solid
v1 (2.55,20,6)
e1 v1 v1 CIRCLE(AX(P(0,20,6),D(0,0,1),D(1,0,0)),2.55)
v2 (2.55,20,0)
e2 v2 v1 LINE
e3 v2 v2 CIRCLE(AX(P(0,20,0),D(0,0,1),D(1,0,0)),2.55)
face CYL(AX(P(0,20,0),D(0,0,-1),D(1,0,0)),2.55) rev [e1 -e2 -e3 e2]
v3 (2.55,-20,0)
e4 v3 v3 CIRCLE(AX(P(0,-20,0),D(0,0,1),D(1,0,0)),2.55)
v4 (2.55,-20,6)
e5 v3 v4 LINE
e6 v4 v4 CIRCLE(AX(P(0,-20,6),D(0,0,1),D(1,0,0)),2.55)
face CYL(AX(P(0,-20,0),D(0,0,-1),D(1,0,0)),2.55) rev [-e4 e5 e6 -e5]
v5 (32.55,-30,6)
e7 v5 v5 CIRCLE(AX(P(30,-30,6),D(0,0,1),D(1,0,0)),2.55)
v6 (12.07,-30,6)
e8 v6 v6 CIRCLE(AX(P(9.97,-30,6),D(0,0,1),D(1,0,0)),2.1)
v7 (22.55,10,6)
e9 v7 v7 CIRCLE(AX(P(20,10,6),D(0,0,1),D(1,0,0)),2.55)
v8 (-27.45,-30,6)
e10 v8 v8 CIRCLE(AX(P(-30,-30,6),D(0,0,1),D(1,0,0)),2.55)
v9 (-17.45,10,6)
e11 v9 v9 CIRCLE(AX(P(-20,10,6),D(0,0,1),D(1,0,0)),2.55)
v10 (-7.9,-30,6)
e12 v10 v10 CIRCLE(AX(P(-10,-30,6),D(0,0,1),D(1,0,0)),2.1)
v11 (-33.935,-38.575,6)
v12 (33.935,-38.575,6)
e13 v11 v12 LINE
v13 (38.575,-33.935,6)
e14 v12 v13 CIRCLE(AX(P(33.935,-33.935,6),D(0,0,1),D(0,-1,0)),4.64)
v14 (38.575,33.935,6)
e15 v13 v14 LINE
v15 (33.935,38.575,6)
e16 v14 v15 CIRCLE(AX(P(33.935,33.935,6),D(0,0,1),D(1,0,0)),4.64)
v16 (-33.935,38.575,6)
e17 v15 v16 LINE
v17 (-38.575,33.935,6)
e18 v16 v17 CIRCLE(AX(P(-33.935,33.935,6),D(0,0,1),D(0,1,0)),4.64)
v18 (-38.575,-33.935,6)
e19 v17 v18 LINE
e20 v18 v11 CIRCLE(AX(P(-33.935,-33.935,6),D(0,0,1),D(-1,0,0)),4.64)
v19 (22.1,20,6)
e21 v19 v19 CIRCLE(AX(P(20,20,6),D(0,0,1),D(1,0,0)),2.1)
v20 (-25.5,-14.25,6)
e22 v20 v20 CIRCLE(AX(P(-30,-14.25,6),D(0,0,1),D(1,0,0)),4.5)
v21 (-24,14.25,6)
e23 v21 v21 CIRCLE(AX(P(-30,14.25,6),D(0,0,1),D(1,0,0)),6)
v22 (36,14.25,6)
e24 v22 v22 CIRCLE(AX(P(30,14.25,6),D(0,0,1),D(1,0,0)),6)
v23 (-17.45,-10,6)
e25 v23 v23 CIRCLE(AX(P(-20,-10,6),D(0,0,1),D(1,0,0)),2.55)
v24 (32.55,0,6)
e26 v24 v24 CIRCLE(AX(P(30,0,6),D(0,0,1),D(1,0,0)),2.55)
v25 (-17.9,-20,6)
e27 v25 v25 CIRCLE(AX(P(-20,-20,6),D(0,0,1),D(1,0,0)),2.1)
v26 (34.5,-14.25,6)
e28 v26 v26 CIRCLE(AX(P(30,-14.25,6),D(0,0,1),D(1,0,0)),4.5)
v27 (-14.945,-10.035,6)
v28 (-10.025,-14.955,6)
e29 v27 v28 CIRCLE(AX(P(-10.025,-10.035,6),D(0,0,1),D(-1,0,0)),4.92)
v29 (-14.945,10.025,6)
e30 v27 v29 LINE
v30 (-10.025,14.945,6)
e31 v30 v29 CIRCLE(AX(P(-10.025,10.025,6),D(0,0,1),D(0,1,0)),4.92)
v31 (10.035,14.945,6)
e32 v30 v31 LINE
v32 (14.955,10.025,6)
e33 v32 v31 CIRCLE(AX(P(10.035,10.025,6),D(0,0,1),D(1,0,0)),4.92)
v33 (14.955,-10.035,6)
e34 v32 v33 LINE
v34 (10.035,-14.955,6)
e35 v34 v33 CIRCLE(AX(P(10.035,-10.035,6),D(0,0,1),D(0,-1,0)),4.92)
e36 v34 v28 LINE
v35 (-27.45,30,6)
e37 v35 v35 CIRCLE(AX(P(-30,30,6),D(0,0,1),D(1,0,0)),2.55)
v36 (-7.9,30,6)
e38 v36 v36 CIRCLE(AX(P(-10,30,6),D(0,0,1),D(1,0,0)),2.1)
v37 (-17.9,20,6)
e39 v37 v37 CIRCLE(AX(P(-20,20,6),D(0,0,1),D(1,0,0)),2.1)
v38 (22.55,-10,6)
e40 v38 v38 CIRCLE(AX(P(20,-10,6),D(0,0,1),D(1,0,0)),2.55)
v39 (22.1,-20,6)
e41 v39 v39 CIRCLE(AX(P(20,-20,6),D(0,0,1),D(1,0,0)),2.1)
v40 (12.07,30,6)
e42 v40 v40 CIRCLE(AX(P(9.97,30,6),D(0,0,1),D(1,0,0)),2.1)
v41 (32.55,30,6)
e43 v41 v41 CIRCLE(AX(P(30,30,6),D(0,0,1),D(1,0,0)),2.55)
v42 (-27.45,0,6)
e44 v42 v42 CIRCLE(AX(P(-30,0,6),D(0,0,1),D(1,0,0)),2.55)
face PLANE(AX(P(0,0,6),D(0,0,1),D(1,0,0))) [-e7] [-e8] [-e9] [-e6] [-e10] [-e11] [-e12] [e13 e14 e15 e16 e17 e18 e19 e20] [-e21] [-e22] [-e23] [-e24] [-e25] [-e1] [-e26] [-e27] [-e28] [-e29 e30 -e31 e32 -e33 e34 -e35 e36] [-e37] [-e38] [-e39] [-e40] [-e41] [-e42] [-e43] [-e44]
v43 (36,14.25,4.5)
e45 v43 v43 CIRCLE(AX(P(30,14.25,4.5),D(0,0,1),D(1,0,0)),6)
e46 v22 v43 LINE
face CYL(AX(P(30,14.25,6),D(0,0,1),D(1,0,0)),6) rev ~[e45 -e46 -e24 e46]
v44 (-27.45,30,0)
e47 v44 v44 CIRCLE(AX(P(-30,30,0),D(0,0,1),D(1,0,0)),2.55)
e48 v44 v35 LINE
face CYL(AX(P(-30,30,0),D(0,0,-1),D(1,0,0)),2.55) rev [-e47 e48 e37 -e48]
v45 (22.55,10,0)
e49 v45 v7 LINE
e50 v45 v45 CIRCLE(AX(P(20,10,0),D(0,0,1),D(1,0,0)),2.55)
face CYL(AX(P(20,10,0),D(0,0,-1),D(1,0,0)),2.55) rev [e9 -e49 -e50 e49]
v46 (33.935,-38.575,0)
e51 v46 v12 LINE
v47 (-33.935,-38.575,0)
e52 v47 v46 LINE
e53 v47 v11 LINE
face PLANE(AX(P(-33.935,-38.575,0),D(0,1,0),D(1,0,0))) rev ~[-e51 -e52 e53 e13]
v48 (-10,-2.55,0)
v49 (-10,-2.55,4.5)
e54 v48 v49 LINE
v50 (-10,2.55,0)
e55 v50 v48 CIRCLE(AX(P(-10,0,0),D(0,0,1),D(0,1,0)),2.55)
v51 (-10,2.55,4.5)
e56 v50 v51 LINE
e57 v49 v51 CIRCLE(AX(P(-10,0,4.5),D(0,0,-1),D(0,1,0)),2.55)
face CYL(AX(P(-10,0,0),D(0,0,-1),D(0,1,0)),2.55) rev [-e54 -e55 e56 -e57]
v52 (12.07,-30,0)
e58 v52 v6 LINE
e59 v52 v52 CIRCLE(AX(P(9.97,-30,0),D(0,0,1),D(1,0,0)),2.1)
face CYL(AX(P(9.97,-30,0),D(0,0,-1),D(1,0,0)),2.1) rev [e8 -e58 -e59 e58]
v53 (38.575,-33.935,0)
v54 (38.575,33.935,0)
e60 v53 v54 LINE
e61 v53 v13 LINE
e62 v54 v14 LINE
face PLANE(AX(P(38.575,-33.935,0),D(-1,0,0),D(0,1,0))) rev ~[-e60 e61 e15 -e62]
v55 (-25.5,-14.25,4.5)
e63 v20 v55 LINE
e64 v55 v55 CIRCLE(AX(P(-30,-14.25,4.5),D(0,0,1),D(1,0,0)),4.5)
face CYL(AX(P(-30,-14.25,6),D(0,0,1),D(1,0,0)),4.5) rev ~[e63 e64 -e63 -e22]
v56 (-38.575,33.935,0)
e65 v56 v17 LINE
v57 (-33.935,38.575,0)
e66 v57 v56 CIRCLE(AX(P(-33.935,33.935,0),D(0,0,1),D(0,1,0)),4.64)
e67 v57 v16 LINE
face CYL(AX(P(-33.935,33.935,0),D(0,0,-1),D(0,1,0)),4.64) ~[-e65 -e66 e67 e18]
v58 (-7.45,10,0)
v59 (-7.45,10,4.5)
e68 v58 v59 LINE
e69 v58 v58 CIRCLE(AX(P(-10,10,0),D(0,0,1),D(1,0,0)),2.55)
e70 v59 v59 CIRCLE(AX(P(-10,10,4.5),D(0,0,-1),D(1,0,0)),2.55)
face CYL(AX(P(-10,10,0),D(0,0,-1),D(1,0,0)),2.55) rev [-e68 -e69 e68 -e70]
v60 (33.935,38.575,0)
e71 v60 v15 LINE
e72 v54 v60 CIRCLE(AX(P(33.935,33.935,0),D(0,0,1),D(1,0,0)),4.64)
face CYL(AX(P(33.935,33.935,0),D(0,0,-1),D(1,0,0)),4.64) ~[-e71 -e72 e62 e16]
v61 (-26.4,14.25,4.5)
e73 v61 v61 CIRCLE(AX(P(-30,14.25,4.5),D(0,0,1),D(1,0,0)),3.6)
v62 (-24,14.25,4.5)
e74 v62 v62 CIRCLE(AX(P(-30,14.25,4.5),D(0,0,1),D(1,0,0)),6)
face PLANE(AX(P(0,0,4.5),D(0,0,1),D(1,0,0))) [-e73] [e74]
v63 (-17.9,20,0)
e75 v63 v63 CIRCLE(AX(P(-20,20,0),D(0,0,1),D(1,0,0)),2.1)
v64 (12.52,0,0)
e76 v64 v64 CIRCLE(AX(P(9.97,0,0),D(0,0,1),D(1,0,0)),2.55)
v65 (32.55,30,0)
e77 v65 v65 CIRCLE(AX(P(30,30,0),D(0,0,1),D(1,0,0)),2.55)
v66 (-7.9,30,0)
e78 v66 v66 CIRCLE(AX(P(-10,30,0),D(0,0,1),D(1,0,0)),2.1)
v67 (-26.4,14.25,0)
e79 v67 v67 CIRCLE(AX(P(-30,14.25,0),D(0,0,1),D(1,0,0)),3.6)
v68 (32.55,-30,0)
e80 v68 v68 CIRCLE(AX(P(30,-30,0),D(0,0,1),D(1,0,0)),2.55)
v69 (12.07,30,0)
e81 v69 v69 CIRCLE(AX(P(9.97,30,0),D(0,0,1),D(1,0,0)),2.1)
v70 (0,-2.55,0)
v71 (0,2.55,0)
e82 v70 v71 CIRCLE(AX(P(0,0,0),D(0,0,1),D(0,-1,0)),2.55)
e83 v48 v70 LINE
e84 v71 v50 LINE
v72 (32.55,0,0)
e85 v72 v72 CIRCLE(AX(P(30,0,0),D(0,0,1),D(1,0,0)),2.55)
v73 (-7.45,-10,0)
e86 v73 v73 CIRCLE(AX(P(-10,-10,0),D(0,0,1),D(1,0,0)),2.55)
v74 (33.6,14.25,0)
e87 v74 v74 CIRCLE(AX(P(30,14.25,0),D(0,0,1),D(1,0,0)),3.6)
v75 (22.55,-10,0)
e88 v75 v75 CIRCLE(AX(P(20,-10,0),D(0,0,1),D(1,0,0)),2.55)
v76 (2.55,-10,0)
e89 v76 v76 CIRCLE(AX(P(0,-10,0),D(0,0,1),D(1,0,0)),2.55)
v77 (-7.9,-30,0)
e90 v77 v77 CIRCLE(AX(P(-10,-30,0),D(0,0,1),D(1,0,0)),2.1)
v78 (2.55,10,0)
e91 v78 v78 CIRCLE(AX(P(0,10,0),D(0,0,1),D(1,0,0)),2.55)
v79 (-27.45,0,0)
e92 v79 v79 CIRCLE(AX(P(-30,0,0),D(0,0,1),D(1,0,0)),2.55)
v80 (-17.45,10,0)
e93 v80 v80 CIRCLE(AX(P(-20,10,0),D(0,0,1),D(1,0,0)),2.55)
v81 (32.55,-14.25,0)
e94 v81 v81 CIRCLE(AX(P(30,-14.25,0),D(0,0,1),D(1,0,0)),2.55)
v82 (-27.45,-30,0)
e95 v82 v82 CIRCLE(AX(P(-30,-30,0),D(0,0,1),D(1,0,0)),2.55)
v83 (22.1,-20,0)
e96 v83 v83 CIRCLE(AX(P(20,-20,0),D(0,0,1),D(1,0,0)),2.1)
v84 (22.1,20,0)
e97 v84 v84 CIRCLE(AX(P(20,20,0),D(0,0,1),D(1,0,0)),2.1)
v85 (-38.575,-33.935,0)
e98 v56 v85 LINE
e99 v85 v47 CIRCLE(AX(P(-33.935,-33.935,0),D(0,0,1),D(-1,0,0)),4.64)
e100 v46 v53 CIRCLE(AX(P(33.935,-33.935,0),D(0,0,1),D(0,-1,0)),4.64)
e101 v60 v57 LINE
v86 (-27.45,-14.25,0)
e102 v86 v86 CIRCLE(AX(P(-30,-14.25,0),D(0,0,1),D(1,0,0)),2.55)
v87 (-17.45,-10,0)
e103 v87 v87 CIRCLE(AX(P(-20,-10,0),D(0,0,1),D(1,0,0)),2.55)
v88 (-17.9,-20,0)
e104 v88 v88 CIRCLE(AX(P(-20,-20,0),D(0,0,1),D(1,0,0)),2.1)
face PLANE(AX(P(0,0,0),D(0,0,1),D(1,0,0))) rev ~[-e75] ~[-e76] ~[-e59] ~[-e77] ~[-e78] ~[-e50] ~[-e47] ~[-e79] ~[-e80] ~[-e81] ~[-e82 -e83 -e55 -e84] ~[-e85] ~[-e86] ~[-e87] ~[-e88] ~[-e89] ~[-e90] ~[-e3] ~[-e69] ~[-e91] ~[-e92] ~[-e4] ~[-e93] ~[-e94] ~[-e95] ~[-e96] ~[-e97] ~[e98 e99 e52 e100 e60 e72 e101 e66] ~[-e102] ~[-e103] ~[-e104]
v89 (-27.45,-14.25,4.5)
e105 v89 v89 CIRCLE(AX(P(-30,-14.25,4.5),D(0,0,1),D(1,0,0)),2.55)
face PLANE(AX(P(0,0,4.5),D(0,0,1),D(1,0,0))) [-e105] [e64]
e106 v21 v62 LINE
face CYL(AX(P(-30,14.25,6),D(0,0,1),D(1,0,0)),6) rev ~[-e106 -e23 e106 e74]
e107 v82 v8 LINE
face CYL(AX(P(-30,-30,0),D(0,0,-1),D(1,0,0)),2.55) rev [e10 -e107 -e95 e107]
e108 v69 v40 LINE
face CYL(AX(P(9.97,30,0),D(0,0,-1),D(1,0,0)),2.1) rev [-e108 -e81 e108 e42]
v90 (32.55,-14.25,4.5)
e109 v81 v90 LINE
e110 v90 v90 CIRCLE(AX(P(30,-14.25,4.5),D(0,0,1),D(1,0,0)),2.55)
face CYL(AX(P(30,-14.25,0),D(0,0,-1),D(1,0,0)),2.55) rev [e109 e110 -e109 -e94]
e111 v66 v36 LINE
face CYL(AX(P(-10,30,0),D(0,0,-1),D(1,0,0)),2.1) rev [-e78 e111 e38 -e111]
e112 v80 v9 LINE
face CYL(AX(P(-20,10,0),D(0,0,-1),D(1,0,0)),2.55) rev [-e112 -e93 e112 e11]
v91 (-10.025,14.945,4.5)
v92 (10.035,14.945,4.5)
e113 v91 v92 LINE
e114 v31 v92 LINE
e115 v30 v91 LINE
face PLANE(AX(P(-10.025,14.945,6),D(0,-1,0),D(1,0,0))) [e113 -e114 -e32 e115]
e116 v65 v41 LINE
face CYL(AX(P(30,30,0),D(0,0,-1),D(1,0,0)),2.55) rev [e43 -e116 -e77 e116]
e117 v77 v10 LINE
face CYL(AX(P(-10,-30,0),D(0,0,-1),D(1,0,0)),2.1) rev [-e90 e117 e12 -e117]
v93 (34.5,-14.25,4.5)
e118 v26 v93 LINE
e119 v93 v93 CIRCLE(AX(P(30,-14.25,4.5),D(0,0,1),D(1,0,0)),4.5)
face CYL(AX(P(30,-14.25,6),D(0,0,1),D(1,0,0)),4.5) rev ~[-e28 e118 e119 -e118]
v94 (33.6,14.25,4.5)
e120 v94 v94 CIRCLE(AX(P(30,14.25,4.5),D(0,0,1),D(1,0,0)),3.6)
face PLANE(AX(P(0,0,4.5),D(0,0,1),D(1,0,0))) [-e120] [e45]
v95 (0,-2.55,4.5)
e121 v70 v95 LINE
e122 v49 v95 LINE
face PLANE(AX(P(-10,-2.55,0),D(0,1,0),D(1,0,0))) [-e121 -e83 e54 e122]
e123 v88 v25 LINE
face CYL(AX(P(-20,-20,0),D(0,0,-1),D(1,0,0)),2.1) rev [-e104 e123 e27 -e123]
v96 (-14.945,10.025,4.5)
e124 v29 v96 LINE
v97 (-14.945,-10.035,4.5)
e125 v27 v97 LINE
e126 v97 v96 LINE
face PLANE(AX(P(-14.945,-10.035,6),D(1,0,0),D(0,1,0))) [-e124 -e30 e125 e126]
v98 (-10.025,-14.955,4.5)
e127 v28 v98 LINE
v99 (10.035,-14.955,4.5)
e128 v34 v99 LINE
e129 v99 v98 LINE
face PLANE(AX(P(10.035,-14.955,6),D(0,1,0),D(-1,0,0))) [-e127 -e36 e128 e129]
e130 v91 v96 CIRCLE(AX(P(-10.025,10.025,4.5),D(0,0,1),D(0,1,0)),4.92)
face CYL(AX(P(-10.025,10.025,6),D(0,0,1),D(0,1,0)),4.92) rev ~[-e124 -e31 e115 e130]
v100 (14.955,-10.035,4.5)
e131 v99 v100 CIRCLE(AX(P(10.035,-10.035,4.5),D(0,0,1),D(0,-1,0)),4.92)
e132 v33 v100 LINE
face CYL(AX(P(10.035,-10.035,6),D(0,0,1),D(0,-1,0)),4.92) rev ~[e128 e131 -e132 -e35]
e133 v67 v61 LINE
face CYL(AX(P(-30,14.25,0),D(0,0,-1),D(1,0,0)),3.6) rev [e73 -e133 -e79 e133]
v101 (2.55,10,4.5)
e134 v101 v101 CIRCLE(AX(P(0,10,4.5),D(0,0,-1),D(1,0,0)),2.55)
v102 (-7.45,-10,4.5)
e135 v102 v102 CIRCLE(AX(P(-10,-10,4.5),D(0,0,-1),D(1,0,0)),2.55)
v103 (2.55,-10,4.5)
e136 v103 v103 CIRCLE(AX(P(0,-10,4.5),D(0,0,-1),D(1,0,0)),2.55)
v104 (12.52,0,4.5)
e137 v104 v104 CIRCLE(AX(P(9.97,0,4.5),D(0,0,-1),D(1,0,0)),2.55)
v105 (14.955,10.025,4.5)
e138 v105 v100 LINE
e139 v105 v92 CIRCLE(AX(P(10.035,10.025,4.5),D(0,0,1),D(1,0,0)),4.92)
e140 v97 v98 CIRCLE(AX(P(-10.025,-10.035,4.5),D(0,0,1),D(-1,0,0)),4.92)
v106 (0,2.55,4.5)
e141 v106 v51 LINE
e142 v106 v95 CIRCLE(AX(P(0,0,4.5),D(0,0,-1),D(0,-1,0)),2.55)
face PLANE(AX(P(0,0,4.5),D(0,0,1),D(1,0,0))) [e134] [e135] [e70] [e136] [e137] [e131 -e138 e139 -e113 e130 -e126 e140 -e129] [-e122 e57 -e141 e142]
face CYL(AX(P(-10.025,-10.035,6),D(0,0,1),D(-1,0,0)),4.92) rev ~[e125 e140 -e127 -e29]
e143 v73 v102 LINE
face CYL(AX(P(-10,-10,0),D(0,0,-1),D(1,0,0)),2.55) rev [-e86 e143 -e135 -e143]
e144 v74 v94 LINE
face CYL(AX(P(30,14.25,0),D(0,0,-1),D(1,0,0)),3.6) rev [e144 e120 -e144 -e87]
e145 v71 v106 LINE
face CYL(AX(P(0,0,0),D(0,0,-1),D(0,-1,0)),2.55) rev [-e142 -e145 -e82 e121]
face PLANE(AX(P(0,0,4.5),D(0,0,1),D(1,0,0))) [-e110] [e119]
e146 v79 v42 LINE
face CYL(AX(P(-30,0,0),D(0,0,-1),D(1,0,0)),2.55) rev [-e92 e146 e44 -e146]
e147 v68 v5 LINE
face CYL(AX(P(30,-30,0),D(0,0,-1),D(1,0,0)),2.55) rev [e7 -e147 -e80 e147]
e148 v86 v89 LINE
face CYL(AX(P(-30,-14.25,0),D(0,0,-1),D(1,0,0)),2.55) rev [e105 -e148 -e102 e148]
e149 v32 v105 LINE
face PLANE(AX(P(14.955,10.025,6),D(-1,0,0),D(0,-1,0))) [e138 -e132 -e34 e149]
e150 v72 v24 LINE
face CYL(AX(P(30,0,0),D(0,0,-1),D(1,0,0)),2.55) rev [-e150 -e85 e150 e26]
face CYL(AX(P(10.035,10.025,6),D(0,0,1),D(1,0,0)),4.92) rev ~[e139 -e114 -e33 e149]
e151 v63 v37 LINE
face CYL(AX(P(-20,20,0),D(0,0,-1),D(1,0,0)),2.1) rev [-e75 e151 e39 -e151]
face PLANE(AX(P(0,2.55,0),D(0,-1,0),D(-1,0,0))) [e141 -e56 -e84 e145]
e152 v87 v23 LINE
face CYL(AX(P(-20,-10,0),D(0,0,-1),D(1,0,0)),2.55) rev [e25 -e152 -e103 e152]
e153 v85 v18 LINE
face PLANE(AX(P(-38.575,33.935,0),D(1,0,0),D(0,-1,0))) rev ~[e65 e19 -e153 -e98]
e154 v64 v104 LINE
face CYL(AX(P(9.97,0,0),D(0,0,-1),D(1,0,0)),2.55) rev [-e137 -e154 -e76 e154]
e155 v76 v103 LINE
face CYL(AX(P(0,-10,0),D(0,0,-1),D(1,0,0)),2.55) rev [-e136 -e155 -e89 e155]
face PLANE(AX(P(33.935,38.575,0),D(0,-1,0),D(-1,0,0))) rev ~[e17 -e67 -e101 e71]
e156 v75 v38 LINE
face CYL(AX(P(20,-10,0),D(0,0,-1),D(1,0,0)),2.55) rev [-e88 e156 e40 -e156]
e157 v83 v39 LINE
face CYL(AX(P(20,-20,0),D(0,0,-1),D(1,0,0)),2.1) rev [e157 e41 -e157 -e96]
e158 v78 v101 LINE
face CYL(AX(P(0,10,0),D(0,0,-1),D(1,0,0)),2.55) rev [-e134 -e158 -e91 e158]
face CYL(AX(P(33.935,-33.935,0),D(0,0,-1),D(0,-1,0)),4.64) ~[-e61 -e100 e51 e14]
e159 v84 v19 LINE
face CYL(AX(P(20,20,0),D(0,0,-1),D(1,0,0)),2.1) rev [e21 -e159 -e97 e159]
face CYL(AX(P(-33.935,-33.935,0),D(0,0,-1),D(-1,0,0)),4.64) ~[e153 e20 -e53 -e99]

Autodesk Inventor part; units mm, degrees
ref_plane "YZ Plane" through (0, 0, 0) normal (1, 0, 0) x (0, 1, 0)
ref_plane "XZ Plane" through (0, 0, 0) normal (0, 1, 0) x (-1, 0, 0)
ref_plane "XY Plane" through (0, 0, 0) normal (0, 0, 1) x (1, 0, 0)
sketch "Sketch1" plane through (0, 0, 0) normal (0, 0, 1) x (1, 0, 0)
  line L0 (-33.935, -38.575) -> (33.935, -38.575)
  line L1 (38.575, -33.935) -> (38.575, 33.935)
  line L2 (33.935, 38.575) -> (-33.935, 38.575)
  line L3 (-38.575, 33.935) -> (-38.575, -33.935)
  arc A0 (-33.935, 38.575) -> (-38.575, 33.935) centre (-33.935, 33.935) ccw
  arc A1 (38.575, 33.935) -> (33.935, 38.575) centre (33.935, 33.935) ccw
  arc A2 (-38.575, -33.935) -> (-33.935, -38.575) centre (-33.935, -33.935) ccw
  arc A3 (33.935, -38.575) -> (38.575, -33.935) centre (33.935, -33.935) ccw
  circle A4 centre (-30, 30) radius 2.55
  circle A5 centre (-10, 30) radius 2.1
  circle A6 centre (9.97, 30) radius 2.1
  circle A7 centre (30, 30) radius 2.55
  circle A8 centre (-30, 14.25) radius 3.6
  circle A9 centre (-20, 20) radius 2.1
  circle A10 centre (20, 20) radius 2.1
  circle A11 centre (0, 20) radius 2.55
  circle A12 centre (20, 10) radius 2.55
  circle A13 centre (-20, 10) radius 2.55
  circle A14 centre (-10, 10) radius 2.55
  circle A15 centre (0, 10) radius 2.55
  circle A16 centre (30, 14.25) radius 3.6
  circle A17 centre (-30, 0) radius 2.55
  circle A18 centre (-30, -14.25) radius 2.55
  circle A19 centre (-30, -30) radius 2.55
  circle A20 centre (9.97, 0) radius 2.55
  circle A21 centre (30, 0) radius 2.55
  line L4 (0, 0) -> (-10, 0) construction
  line L5 (0, 2.55) -> (-10, 2.55)
  line L6 (-10, -2.55) -> (0, -2.55)
  arc A22 (0, -2.55) -> (0, 2.55) centre (0, 0) ccw
  arc A23 (-10, 2.55) -> (-10, -2.55) centre (-10, 0) ccw
  circle A24 centre (-10, -30) radius 2.1
  circle A25 centre (9.97, -30) radius 2.1
  circle A26 centre (30, -30) radius 2.55
  circle A27 centre (-20, -20) radius 2.1
  circle A28 centre (20, -20) radius 2.1
  circle A29 centre (0, -20) radius 2.55
  circle A30 centre (20, -10) radius 2.55
  circle A31 centre (-20, -10) radius 2.55
  circle A32 centre (-10, -10) radius 2.55
  circle A33 centre (0, -10) radius 2.55
  circle A34 centre (30, -14.25) radius 2.55
  point P0 (0, 0)
  point P1 (38.575, 38.575)
  point P2 (38.575, -38.575)
  point P3 (-38.575, 38.575)
  point P4 (38.575, 0)
  point P5 (0, 38.575)
  point P6 (-5, 0)
  dimension "d0" = 77.15
  dimension "d1" = 77.15
  dimension "d2" = 4.64
  dimension "d3" = 5.1
  dimension "d4" = 4.2
  dimension "d5" = 8.575
  dimension "d6" = 18.575
  dimension "d7" = 8.575
  dimension "d8" = 7.2
  dimension "d9" = 24.325
  dimension "d10" = 38.575
  dimension "d11" = 52.825
  dimension "d12" = 68.575
  dimension "d13" = 28.575
  dimension "d14" = 18.575
  dimension "d15" = 38.575
  dimension "d16" = 48.545
  dimension "d17" = 58.575
  dimension "d18" = 68.575
  dimension "d19" = 28.575
  dimension "d20" = 10
  dimension "d21" = 5.1
  dimension "d22" = 5.1
extrude "Extrusion1" add sketch "Sketch1" along normal blind 6
sketch "Sketch2" plane through (0, 0, 6) normal (0, 0, 1) x (1, 0, 0)
  circle A0 centre (-30, 14.25) radius 3.6 projected
  circle A1 centre (30, 14.25) radius 3.6 projected
  circle A2 centre (-30, -14.25) radius 2.55 projected
  circle A3 centre (30, -14.25) radius 2.55 projected
  circle A4 centre (-30, 14.25) radius 6
  circle A5 centre (-30, -14.25) radius 4.5
  circle A6 centre (30, -14.25) radius 4.5
  circle A7 centre (30, 14.25) radius 6
  line L0 (-10.025, 14.945) -> (10.035, 14.945)
  line L1 (14.955, 10.025) -> (14.955, -10.035)
  line L2 (10.035, -14.955) -> (-10.025, -14.955)
  line L3 (-14.945, -10.035) -> (-14.945, 10.025)
  line L4 (-38.575, 33.935) -> (-38.575, -33.935) projected
  line L5 (33.935, 38.575) -> (-33.935, 38.575) projected
  arc A8 (-14.945, -10.035) -> (-10.025, -14.955) centre (-10.025, -10.035) ccw
  arc A9 (10.035, -14.955) -> (14.955, -10.035) centre (10.035, -10.035) ccw
  arc A10 (14.955, 10.025) -> (10.035, 14.945) centre (10.035, 10.025) ccw
  arc A11 (-10.025, 14.945) -> (-14.945, 10.025) centre (-10.025, 10.025) ccw
  point P0 (0, 0)
  dimension "d25" = 12
  dimension "d26" = 9
  dimension "d27" = 23.63
  dimension "d28" = 53.53
  dimension "d29" = 23.63
  dimension "d30" = 53.53
  dimension "d31" = 4.92
extrude "Extrusion2" cut sketch "Sketch2" against normal blind 1.5
thread "Thread1" size "M5x0.8" class "6H" standard "ANSI Metric M Profile" full length
thread "Thread2" size "M5x0.8" class "6H" standard "ANSI Metric M Profile" full length
thread "Thread3" size "M5x0.8" class "6H" standard "ANSI Metric M Profile" full length
thread "Thread4" size "M5x0.8" class "6H" standard "ANSI Metric M Profile" full length
thread "Thread5" size "M5x0.8" class "6H" standard "ANSI Metric M Profile" full length
thread "Thread6" size "M5x0.8" class "6H" standard "ANSI Metric M Profile" full length
thread "Thread7" size "M5x0.8" class "6H" standard "ANSI Metric M Profile" full length
thread "Thread8" size "M5x0.8" class "6H" standard "ANSI Metric M Profile" full length
properties part number "C-Beam Gantry Plate" material "Aluminum 6061"
